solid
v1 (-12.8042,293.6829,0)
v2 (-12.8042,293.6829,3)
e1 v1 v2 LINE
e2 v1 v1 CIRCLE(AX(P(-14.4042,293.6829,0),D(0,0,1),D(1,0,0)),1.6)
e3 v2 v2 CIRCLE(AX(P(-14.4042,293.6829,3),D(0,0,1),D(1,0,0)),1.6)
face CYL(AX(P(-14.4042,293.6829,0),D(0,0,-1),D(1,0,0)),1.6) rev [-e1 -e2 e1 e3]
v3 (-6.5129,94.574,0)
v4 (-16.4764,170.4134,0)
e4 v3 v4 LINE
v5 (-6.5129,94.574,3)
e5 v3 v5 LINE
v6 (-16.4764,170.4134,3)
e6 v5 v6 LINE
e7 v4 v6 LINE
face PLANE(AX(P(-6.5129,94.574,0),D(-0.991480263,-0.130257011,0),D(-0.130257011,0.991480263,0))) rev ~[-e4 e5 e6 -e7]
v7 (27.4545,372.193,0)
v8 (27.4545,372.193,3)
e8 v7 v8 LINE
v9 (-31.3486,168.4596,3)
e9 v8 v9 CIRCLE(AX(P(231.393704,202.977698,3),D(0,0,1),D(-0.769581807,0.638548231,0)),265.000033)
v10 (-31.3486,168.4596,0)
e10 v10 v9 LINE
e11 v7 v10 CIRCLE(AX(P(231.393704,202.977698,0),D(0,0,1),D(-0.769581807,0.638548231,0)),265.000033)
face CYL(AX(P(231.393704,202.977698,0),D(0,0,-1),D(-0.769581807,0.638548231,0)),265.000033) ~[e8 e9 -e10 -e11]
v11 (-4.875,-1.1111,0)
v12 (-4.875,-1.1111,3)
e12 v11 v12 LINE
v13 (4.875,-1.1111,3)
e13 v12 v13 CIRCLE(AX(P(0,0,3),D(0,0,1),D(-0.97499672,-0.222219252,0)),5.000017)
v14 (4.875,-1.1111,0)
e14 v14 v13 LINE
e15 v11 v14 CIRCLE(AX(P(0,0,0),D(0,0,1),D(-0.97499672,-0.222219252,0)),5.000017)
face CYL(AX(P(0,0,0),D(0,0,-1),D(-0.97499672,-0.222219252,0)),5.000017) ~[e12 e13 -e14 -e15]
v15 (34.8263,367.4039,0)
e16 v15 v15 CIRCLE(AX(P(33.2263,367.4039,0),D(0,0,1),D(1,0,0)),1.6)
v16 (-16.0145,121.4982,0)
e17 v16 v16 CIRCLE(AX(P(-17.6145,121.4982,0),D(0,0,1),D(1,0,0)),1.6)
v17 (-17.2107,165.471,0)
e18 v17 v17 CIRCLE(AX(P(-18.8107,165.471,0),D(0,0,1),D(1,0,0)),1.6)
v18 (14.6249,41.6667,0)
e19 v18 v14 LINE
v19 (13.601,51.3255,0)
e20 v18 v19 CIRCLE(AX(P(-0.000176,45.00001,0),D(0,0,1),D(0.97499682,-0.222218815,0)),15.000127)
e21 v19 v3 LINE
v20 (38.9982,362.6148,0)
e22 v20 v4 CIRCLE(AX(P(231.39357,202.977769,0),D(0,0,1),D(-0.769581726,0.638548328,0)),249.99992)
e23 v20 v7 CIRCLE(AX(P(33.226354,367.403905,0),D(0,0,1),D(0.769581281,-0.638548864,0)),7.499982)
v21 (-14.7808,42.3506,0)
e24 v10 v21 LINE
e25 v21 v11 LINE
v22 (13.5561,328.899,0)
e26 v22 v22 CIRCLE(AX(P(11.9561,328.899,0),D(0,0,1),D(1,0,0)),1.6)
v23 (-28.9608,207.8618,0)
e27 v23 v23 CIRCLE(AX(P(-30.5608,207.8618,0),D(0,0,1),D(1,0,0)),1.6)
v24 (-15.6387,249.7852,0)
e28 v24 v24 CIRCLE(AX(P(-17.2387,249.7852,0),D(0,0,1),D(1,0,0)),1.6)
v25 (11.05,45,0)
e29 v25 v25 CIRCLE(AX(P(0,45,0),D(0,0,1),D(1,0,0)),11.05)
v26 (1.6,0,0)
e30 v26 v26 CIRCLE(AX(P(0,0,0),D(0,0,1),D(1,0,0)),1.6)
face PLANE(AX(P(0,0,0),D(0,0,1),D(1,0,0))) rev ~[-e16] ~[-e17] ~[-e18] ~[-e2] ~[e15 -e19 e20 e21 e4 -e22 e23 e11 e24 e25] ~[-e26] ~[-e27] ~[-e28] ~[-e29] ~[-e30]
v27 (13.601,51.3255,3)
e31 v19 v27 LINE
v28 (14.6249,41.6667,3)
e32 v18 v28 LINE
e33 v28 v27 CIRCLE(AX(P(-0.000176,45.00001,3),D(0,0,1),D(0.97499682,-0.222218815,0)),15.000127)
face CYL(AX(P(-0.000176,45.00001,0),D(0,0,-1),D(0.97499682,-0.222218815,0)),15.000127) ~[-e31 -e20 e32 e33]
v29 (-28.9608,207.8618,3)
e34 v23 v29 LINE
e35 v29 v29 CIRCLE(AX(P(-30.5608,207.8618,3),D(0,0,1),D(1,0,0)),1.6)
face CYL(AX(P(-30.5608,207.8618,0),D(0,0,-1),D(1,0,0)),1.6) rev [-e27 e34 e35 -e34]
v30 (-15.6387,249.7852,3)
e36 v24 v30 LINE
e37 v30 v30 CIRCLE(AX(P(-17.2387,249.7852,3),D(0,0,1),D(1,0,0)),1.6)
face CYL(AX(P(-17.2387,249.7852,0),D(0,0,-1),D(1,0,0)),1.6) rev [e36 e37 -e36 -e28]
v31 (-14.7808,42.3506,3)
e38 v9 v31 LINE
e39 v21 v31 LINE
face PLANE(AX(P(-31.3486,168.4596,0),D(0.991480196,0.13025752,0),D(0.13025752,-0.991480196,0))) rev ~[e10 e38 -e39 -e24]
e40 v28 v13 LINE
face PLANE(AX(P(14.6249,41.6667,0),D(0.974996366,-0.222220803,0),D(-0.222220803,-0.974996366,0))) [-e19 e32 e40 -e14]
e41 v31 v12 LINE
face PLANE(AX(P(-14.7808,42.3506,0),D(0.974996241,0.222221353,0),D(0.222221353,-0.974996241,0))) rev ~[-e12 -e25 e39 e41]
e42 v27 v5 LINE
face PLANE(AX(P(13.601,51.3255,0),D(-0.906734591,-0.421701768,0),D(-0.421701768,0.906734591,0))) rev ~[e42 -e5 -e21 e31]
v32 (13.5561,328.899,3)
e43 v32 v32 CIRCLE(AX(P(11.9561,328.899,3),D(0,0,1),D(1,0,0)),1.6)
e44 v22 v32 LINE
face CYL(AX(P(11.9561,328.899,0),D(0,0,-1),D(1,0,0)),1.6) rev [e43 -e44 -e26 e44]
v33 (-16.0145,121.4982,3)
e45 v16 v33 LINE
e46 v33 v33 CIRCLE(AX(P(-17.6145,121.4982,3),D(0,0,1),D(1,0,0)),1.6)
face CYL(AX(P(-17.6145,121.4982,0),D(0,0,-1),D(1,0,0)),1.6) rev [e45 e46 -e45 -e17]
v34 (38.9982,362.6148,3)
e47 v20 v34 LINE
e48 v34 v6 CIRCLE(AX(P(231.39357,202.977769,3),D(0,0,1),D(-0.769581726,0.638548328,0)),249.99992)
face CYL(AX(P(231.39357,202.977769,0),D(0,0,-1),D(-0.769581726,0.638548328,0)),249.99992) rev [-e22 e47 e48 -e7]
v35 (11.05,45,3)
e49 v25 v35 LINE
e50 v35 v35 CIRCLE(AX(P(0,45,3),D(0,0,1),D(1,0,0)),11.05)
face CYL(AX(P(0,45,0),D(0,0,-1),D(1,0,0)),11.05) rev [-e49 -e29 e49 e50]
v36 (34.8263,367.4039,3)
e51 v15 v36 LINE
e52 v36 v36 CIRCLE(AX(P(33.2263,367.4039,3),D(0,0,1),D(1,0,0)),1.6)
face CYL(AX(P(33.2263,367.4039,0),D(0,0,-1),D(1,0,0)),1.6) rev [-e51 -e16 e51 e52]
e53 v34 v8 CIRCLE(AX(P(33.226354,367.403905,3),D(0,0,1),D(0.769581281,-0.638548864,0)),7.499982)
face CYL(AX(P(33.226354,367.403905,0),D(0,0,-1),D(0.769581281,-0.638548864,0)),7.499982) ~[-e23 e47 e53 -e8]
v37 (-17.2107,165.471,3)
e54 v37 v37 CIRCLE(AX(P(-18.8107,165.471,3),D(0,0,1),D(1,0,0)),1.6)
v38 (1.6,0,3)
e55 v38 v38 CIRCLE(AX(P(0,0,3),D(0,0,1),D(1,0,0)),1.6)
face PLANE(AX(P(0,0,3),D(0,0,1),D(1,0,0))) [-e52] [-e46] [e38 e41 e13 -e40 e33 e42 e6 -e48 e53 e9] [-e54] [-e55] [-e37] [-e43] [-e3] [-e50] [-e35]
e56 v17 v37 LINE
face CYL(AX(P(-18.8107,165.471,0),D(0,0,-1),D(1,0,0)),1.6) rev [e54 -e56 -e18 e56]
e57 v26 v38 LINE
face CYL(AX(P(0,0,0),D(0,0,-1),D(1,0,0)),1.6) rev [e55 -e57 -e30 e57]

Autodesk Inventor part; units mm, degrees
ref_plane "YZ Plane" through (0, 0, 0) normal (1, 0, 0) x (0, 1, 0)
ref_plane "XZ Plane" through (0, 0, 0) normal (0, 1, 0) x (-1, 0, 0)
ref_plane "XY Plane" through (0, 0, 0) normal (0, 0, 1) x (1, 0, 0)
sketch "スケッチ1" plane through (0, 0, 0) normal (0, 0, 1) x (1, 0, 0)
  circle A0 centre (0, 0) radius 1.6
  circle A1 centre (0, 45) radius 11.05
  line L0 (0, 0) -> (0, 45) construction
  line L1 (0, 45) -> (38.9982, 362.6148) construction
  arc A2 (38.9982, 362.6148) -> (-16.4764, 170.4134) centre (231.3937, 202.9777) ccw
  line L2 (0, 45) -> (-6.5129, 94.574) construction
  arc A3 (-16.4764, 170.4134) -> (6.0935, 94.6273) centre (231.3937, 202.9777) ccw construction
  arc A4 (-14.6969, 42) -> (14.6249, 41.6667) centre (0, 45) ccw construction
  arc A5 (4.875, -1.1111) -> (-4.875, -1.1111) centre (0, 0) ccw construction
  line L3 (-14.7808, 42.3506) -> (-4.875, -1.1111)
  line L4 (14.6249, 41.6667) -> (4.875, -1.1111)
  line L5 (13.601, 51.3255) -> (-6.5129, 94.574)
  line L6 (-6.5129, 94.574) -> (-16.4764, 170.4134)
  arc A6 (38.9982, 362.6148) -> (27.4545, 372.193) centre (33.2263, 367.4039) ccw
  arc A7 (27.4545, 372.193) -> (-31.3486, 168.4596) centre (231.3937, 202.9777) ccw
  line L7 (-31.3486, 168.4596) -> (-14.7808, 42.3506)
  arc A8 (13.601, 51.3255) -> (-14.2261, 40.2443) centre (0, 45) ccw construction
  arc A9 (14.6249, 41.6667) -> (13.601, 51.3255) centre (0, 45) ccw
  arc A10 (-4.875, -1.1111) -> (4.875, -1.1111) centre (0, 0) ccw
  circle A11 centre (33.2263, 367.4039) radius 1.6
  arc A12 (41.0983, 369.7011) -> (-20.1506, 175.8768) centre (231.3937, 202.9777) ccw construction
  arc A13 (32.7138, 373.7709) -> (-17.6145, 121.4982) centre (231.3937, 202.9777) ccw construction
  circle A14 centre (11.9561, 328.899) radius 1.6
  circle A15 centre (-14.4042, 293.6829) radius 1.6
  circle A16 centre (-17.2387, 249.7852) radius 1.6
  circle A17 centre (-30.5608, 207.8618) radius 1.6
  circle A18 centre (-18.8107, 165.471) radius 1.6
  circle A19 centre (11.9561, 328.899) radius 3 construction
  circle A20 centre (-14.4042, 293.6829) radius 3 construction
  circle A21 centre (-17.6145, 121.4982) radius 1.6
  line L8 (-25.0506, 120.5212) -> (-17.6145, 121.4982) construction
  line L9 (-17.6145, 121.4982) -> (-10.1784, 122.4751) construction
  line L10 (33.2263, 367.4039) -> (11.9561, 328.899) construction
  line L11 (11.9561, 328.899) -> (-14.4042, 293.6829) construction
  line L12 (-14.4042, 293.6829) -> (-17.2387, 249.7852) construction
  line L13 (-17.2387, 249.7852) -> (-30.5608, 207.8618) construction
  line L14 (-30.5608, 207.8618) -> (-18.8107, 165.471) construction
  line L15 (-18.8107, 165.471) -> (-17.6145, 121.4982) construction
  dimension "d0" = 3.2
  dimension "d1" = 22.1
  dimension "d2" = 45
  dimension "d3" = 173
  dimension "d4" = 250
  dimension "d6" = 50
  dimension "d7" = 320
  dimension "d8" = 30
  dimension "d9" = 10
  dimension "d10" = 50
  dimension "d11" = 7.5
  dimension "d12" = 3.2
  dimension "d13" = 3.2
  dimension "d14" = 3.2
  dimension "d15" = 3.2
  dimension "d16" = 3.2
  dimension "d17" = 3.2
  dimension "d18" = 6
  dimension "d19" = 6
  dimension "d20" = 3.2
extrude "押し出し1" add sketch "スケッチ1" along normal blind 3
properties part number "ハンド" material "アセタール樹脂、黒"
